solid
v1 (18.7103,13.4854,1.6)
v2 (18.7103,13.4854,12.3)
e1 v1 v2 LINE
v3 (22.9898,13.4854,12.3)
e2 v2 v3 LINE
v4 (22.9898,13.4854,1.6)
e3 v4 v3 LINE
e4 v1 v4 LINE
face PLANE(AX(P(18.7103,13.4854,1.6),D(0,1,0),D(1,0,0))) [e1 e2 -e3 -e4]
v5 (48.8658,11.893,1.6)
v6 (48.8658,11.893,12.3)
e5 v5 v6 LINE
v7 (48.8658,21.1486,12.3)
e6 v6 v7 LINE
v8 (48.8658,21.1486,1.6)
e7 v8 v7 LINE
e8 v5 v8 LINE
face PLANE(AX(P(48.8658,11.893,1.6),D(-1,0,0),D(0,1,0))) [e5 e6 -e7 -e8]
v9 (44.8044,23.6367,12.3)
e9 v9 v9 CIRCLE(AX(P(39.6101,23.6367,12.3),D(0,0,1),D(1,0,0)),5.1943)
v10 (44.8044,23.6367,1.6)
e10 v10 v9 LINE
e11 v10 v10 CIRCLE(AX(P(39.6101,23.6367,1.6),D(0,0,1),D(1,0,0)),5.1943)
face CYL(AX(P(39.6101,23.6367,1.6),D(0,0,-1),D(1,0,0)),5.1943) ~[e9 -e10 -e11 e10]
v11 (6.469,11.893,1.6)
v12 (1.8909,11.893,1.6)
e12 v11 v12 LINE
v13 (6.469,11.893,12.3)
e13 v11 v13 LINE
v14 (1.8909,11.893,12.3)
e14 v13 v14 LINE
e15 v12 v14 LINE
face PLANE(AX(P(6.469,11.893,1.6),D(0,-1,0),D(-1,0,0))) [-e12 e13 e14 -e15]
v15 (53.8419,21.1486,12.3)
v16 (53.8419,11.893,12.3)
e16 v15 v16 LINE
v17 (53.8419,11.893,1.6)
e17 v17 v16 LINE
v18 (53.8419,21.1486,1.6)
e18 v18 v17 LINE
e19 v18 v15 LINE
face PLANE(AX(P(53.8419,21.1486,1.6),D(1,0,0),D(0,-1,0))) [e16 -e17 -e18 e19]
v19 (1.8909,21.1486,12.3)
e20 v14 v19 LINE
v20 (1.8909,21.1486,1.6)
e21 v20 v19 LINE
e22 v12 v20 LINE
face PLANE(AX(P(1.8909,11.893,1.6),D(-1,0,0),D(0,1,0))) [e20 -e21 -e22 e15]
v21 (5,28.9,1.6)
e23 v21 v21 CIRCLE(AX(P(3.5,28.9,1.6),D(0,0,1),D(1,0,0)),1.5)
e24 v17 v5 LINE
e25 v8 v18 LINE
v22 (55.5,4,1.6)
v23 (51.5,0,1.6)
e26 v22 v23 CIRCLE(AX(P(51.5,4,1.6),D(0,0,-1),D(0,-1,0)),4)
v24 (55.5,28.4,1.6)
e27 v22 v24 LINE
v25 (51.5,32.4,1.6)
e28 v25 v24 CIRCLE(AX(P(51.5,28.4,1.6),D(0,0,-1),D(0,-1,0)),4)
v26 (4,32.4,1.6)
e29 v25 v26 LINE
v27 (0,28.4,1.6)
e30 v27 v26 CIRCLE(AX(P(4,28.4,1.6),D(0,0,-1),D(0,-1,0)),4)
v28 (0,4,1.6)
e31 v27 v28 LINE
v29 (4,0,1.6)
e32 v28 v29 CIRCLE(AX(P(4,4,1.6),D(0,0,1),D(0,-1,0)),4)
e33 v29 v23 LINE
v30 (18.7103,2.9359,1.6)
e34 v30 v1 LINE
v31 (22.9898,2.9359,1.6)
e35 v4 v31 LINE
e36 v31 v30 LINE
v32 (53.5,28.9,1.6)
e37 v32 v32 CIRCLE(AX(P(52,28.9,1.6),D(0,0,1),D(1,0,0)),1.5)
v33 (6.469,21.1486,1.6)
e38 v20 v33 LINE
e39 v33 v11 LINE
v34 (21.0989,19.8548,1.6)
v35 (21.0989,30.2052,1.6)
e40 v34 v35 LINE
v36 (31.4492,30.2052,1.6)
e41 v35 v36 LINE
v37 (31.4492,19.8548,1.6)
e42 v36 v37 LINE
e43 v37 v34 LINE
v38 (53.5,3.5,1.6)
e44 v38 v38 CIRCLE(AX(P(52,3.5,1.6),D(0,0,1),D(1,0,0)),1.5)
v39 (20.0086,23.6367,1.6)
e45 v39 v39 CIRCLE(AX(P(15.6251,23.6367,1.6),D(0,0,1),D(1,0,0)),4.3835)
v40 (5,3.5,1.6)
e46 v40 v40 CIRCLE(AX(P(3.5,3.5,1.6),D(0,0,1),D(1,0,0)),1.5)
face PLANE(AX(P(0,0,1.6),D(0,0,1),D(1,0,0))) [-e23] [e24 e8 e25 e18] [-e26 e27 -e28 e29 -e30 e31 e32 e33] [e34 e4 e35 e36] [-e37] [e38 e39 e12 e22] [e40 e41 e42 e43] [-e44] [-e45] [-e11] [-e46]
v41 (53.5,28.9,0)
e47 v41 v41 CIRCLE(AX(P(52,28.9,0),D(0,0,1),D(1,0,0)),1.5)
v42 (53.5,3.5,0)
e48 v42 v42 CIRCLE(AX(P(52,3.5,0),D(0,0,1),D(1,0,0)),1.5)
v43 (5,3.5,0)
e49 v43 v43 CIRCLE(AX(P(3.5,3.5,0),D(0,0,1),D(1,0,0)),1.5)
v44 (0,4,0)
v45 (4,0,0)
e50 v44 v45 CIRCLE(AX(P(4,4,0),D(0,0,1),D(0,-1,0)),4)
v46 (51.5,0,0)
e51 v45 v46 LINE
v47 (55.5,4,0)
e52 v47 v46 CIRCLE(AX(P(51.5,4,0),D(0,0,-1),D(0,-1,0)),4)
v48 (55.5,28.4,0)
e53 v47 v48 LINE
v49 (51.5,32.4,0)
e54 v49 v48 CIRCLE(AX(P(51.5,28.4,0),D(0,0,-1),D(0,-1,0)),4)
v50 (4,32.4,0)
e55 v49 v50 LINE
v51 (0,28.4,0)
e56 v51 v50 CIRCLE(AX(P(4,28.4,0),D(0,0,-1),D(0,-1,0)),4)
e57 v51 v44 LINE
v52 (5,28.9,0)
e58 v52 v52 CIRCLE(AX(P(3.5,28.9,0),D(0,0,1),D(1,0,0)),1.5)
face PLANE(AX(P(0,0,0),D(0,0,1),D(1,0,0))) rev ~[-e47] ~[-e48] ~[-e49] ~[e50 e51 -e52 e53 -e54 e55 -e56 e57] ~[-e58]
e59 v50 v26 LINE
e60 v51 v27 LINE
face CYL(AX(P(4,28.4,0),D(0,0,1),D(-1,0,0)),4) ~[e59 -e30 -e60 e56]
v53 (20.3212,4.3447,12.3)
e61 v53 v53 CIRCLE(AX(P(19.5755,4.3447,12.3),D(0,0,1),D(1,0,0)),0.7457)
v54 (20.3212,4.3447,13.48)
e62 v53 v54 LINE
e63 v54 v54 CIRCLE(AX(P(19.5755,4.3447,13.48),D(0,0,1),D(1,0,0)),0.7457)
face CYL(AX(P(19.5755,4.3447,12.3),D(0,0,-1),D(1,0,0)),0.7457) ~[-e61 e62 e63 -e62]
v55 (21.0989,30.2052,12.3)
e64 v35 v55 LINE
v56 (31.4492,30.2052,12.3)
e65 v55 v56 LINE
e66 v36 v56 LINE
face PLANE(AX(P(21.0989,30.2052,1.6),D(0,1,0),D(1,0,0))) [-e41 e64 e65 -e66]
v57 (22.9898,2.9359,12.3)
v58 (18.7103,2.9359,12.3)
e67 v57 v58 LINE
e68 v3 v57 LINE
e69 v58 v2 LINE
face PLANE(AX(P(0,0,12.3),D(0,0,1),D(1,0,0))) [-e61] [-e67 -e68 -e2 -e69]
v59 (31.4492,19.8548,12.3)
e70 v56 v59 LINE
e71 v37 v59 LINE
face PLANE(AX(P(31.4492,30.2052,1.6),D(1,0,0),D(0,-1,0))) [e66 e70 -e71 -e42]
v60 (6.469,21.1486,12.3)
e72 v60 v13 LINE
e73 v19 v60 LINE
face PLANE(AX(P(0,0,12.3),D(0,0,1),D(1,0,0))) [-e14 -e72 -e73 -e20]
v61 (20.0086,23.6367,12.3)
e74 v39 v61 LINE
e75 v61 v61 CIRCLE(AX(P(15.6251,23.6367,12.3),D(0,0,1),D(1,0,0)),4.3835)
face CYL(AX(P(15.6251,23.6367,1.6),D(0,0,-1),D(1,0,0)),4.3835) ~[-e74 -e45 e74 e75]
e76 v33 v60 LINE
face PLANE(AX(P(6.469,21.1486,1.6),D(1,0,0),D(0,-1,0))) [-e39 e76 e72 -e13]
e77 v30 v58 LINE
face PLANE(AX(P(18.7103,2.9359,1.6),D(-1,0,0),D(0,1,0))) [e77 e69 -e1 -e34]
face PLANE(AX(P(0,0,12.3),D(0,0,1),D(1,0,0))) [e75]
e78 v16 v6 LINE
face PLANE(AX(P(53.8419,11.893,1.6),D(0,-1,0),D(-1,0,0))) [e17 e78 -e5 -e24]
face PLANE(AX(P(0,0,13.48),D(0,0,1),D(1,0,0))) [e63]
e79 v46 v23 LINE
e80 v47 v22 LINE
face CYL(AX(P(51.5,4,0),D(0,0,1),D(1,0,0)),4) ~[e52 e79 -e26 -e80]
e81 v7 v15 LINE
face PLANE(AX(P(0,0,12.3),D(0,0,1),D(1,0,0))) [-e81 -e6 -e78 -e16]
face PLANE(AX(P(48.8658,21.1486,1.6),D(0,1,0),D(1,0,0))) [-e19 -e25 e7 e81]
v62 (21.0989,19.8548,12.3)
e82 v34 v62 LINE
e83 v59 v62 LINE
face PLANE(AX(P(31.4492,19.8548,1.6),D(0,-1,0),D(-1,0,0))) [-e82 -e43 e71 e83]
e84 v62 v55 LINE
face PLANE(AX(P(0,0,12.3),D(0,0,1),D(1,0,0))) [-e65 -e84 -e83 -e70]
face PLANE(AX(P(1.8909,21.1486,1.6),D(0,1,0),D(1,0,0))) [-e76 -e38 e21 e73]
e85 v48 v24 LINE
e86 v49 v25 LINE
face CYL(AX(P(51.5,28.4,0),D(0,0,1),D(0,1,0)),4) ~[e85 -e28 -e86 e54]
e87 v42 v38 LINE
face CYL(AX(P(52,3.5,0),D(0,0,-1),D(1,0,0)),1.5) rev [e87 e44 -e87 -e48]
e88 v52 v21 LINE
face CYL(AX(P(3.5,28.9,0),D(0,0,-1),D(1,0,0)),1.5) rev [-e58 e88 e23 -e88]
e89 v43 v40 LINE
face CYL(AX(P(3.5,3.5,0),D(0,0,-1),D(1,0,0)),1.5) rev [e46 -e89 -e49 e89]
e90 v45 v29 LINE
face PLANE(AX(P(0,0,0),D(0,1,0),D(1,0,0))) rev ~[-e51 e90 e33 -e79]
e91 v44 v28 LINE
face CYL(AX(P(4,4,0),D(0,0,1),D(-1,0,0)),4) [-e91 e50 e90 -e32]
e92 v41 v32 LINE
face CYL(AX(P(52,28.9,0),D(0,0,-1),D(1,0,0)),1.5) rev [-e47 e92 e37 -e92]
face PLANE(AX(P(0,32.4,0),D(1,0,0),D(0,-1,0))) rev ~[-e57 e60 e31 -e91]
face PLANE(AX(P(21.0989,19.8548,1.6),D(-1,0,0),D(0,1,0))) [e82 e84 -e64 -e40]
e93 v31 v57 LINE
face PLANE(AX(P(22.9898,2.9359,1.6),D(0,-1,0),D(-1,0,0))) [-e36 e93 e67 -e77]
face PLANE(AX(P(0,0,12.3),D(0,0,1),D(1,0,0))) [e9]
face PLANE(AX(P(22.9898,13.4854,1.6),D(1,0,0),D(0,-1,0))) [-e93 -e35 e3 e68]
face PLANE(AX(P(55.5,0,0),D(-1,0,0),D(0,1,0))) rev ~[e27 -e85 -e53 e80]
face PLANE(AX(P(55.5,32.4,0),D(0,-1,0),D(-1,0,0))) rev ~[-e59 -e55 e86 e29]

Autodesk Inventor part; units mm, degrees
ref_plane "YZ Plane" through (0, 0, 0) normal (1, 0, 0) x (0, 1, 0)
ref_plane "XZ Plane" through (0, 0, 0) normal (0, 1, 0) x (-1, 0, 0)
ref_plane "XY Plane" through (0, 0, 0) normal (0, 0, 1) x (1, 0, 0)
sketch "Sketch1" plane through (0, 0, 0) normal (0, 0, 1) x (1, 0, 0)
  line L0 (0, 0) -> (55.5, 0)
  line L1 (55.5, 0) -> (55.5, 32.4)
  line L2 (55.5, 32.4) -> (0, 32.4)
  line L3 (0, 32.4) -> (0, 0)
  circle A0 centre (3.5, 28.9) radius 1.5
  circle A1 centre (52, 28.9) radius 1.5
  circle A2 centre (3.5, 3.5) radius 1.5
  circle A3 centre (52, 3.5) radius 1.5
  dimension "d0" = 55.5
  dimension "d1" = 32.4
  dimension "d2" = 3
  dimension "d3" = 3
  dimension "d4" = 3
  dimension "d5" = 3
  dimension "d6" = 3.5
  dimension "d7" = 3.5
  dimension "d8" = 3.5
  dimension "d9" = 3.5
  dimension "d10" = 3.5
  dimension "d11" = 3.5
  dimension "d12" = 3.5
  dimension "d13" = 3.5
extrude "Extrusion1" add sketch "Sketch1" along normal blind 1.6
fillet "Fillet1" radius 4 4 edges at (55.5, 32.4, 0.8) (55.5, 0, 0.8) (0, 0, 0.8) (0, 32.4, 0.8)
sketch "Sketch2" plane through (0, 0, 1.6) normal (0, 0, 1) x (1, 0, 0)
  circle A0 centre (15.6251, 23.6367) radius 4.3835
  circle A1 centre (39.6101, 23.6367) radius 5.1943
  line L0 (1.8909, 21.1486) -> (6.469, 21.1486)
  line L1 (6.469, 21.1486) -> (6.469, 11.893)
  line L2 (6.469, 11.893) -> (1.8909, 11.893)
  line L3 (1.8909, 11.893) -> (1.8909, 21.1486)
  line L4 (48.8658, 21.1486) -> (53.8419, 21.1486)
  line L5 (53.8419, 21.1486) -> (53.8419, 11.893)
  line L6 (53.8419, 11.893) -> (48.8658, 11.893)
  line L7 (48.8658, 11.893) -> (48.8658, 21.1486)
  line L8 (21.0989, 30.2052) -> (31.4492, 30.2052)
  line L9 (31.4492, 30.2052) -> (31.4492, 19.8548)
  line L10 (31.4492, 19.8548) -> (21.0989, 19.8548)
  line L11 (21.0989, 19.8548) -> (21.0989, 30.2052)
  line L12 (18.7103, 13.4854) -> (22.9898, 13.4854)
  line L13 (22.9898, 13.4854) -> (22.9898, 2.9359)
  line L14 (22.9898, 2.9359) -> (18.7103, 2.9359)
  line L15 (18.7103, 2.9359) -> (18.7103, 13.4854)
  point P0 (0, 0)
extrude "Extrusion2" add sketch "Sketch2" along normal blind 10.7
sketch "Sketch3" plane through (0, 0, 12.3) normal (0, 0, 1) x (1, 0, 0)
  circle A0 centre (19.5755, 4.3447) radius 0.7457
  point P0 (0, 0)
extrude "Extrusion3" add sketch "Sketch3" along normal blind 1.18
properties part number "PowerSupply"
